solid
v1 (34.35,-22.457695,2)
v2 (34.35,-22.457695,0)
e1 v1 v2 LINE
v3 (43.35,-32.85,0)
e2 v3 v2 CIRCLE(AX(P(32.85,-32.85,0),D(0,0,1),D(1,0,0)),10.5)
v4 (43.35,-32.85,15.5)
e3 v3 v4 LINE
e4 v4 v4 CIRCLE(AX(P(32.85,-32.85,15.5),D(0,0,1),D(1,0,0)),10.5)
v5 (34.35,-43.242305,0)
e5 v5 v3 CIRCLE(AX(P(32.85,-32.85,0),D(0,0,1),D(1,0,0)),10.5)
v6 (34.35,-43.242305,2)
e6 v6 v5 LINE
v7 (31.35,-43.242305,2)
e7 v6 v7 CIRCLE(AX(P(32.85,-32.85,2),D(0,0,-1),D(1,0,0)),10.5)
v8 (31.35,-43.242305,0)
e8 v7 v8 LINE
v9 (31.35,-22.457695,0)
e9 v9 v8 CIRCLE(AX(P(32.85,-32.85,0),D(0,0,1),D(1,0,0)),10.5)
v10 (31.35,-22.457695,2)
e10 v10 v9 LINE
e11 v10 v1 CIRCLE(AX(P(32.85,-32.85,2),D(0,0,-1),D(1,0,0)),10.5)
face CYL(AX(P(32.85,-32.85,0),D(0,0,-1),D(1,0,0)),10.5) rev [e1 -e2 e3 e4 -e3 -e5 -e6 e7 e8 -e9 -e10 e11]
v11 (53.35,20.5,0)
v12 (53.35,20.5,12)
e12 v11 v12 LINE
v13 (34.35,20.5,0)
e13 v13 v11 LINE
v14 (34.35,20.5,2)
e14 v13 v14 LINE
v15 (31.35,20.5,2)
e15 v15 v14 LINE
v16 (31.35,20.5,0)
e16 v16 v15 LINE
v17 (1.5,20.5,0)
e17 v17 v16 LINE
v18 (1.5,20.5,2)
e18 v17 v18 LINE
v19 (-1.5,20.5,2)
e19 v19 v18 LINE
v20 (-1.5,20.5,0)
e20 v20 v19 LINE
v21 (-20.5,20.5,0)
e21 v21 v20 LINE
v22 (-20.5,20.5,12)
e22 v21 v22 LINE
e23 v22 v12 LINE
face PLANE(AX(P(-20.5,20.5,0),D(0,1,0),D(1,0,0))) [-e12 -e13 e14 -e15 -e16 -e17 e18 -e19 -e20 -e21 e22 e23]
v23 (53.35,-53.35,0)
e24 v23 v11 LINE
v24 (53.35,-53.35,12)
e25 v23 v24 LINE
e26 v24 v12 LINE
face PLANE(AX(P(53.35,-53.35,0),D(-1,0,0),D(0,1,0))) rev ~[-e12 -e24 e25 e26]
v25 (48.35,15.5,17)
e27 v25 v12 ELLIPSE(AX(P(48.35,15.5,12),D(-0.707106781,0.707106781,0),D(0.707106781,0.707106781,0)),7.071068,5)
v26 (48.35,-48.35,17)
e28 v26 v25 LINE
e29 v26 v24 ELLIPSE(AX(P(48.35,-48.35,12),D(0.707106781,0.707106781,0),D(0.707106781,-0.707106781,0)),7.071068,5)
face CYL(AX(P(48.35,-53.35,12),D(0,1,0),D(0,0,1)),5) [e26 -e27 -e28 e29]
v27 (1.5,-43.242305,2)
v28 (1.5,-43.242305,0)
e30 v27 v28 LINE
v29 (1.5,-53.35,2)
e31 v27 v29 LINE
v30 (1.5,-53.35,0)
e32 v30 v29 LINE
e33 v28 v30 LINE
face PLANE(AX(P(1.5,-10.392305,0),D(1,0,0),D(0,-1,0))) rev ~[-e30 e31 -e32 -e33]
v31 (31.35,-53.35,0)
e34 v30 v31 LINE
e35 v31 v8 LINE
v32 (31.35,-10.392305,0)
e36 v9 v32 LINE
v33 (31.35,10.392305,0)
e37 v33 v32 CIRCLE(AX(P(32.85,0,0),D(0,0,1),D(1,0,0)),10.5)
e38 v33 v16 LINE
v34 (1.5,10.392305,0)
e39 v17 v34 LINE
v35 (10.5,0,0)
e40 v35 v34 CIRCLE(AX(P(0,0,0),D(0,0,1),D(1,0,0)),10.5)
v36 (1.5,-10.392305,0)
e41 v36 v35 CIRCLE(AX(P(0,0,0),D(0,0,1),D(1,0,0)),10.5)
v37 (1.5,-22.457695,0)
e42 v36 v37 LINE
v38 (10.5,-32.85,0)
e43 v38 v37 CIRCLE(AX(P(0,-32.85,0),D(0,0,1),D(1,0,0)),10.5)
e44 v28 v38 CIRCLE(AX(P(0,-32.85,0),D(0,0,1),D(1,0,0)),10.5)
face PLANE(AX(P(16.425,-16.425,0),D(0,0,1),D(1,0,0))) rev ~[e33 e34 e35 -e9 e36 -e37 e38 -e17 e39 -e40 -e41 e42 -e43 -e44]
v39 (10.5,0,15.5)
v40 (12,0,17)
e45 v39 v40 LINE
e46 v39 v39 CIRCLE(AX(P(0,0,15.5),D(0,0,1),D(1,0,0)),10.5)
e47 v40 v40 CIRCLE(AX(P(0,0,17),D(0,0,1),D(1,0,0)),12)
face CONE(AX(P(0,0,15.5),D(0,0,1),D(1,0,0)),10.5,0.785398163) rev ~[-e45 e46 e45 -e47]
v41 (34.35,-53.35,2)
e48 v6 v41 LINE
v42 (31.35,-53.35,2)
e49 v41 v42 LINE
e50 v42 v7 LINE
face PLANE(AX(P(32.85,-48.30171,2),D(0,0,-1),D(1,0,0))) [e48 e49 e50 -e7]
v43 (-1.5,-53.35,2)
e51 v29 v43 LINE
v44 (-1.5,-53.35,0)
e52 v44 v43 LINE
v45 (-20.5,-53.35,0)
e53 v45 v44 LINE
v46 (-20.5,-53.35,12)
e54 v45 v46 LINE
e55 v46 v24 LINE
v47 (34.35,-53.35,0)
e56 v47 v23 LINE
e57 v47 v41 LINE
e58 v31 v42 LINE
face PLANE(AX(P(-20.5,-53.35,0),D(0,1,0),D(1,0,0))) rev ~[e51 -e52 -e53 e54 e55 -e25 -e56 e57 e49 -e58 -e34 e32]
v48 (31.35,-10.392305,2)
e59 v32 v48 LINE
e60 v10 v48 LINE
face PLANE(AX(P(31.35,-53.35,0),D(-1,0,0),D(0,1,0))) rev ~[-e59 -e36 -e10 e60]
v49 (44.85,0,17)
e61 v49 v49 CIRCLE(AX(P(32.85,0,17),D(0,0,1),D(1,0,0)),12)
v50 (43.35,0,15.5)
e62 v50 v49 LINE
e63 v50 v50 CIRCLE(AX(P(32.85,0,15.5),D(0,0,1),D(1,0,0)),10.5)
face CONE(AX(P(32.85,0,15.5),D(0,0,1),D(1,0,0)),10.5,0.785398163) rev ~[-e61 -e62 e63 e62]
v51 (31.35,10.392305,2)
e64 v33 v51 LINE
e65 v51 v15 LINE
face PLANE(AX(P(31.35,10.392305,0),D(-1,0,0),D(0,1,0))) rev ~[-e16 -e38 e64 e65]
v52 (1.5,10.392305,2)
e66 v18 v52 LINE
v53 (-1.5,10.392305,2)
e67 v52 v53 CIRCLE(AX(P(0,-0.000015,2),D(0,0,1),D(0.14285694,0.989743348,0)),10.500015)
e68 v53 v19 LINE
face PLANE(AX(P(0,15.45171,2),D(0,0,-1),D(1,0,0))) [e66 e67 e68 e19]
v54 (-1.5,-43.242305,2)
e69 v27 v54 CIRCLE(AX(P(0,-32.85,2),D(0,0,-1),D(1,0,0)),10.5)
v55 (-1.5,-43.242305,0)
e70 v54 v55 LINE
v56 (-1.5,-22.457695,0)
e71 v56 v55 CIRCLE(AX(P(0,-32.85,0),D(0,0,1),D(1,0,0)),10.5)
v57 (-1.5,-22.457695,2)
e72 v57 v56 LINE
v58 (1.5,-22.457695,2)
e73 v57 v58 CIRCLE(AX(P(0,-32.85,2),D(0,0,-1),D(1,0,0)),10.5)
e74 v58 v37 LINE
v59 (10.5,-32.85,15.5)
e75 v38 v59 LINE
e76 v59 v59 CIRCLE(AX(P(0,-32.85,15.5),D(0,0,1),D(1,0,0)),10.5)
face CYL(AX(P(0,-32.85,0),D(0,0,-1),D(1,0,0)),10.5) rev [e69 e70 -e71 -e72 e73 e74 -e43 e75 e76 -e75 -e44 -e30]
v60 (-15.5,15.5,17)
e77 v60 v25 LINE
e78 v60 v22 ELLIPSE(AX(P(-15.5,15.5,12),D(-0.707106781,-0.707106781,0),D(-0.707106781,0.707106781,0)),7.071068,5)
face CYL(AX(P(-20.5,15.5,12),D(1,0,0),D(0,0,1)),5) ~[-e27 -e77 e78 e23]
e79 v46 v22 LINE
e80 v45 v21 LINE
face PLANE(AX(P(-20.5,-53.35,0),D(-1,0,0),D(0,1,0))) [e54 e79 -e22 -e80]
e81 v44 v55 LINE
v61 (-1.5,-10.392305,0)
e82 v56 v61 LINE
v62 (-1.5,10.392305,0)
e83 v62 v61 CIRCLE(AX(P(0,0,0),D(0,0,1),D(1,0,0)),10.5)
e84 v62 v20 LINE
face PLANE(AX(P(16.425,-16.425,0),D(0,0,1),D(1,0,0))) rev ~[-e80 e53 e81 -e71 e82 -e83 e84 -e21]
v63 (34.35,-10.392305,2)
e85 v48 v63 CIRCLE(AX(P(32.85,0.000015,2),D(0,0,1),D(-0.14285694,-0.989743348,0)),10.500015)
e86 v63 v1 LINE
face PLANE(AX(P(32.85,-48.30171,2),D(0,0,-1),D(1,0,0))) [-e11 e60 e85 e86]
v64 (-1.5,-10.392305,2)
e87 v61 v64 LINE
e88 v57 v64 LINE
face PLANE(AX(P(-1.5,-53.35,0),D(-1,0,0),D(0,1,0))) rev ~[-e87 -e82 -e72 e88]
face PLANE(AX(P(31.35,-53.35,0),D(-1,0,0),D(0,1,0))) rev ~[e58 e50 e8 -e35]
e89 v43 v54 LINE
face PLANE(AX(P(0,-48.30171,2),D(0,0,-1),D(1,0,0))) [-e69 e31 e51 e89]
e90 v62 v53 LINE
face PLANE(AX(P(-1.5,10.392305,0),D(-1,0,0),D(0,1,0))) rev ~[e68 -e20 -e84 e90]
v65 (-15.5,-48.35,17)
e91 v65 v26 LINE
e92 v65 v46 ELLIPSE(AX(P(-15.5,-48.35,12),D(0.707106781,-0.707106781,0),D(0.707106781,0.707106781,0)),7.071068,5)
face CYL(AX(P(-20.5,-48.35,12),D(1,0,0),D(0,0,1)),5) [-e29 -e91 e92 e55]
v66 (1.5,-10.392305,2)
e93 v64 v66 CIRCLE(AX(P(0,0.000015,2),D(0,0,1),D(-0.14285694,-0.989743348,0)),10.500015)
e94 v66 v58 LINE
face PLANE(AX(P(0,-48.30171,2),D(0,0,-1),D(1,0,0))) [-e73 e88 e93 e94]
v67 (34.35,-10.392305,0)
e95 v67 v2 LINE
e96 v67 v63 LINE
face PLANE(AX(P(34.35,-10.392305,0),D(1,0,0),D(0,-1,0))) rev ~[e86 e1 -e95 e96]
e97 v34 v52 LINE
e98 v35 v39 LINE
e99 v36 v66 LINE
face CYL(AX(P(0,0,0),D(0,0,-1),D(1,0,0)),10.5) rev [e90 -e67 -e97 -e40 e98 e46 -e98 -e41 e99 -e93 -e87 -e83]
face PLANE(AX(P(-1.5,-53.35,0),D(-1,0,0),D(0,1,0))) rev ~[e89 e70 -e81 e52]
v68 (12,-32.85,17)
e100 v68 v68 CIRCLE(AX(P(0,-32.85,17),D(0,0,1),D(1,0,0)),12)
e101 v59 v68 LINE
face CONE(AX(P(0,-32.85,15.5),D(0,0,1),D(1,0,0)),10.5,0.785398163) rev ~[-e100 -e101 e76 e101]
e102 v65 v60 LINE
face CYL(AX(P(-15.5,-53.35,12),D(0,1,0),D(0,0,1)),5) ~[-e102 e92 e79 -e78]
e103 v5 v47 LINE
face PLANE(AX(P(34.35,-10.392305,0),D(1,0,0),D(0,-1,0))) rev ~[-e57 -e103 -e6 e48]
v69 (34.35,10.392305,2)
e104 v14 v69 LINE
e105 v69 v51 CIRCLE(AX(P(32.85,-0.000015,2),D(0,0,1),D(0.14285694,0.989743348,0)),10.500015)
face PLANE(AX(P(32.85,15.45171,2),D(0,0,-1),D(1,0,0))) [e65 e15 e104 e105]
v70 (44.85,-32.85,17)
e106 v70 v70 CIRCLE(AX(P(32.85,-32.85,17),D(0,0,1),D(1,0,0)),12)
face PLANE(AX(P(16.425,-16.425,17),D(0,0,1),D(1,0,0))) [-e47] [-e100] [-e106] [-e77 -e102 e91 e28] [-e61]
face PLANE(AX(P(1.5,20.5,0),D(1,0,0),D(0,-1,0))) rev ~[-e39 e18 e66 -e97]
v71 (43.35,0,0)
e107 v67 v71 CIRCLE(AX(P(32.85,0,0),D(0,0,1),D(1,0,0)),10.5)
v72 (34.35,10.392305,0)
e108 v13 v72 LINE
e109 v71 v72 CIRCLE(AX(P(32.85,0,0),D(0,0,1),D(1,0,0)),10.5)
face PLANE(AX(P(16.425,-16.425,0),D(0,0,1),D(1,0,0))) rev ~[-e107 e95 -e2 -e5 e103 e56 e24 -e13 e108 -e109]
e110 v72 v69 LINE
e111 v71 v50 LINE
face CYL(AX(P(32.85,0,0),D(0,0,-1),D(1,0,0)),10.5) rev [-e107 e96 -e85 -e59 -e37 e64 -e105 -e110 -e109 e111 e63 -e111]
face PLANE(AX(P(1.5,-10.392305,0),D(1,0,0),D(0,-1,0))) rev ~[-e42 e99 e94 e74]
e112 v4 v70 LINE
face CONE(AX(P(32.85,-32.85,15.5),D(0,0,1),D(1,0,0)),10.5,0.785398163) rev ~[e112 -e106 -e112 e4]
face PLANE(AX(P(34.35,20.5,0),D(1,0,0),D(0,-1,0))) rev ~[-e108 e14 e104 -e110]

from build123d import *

# Parameters (mm, degrees)
F0_W     = 73.85
F0_H     = 73.85
F0_R     = 10.5
F1_DEPTH = 17
F2_SIZE  = 1.5
F3_R     = 5
F5_DEPTH = 2


with BuildPart() as f1:
    # F0 (on Top) → F1 (new body)
    with BuildSketch(Plane.XY):
        with Locations((16.425, -16.425)):
            Rectangle(F0_W, F0_H)
        with Locations((0, -32.85)):
            Circle(F0_R, mode=Mode.SUBTRACT)
        with Locations((32.85, -32.85)):
            Circle(F0_R, mode=Mode.SUBTRACT)
        Circle(F0_R, mode=Mode.SUBTRACT)
        with Locations((32.85, 0)):
            Circle(F0_R, mode=Mode.SUBTRACT)
    extrude(amount=F1_DEPTH)

    # F2
    f2_edges = [f1.edges().sort_by_distance(p)[0] for p in [
        (-10.5, 0, 17),
        (22.35, 0, 17),
        (22.35, -32.85, 17),
        (-10.5, -32.85, 17),
    ]]
    chamfer(f2_edges, length=F2_SIZE)

    # F3
    f3_edges = [f1.edges().sort_by_distance(p)[0] for p in [
        (16.425, -53.35, 17),
        (-20.5, -16.425, 17),
        (16.425, 20.5, 17),
        (53.35, -16.425, 17),
    ]]
    fillet(f3_edges, radius=F3_R)

    # F4 (on face) → F5 (cut)
    with BuildSketch(Plane(origin=(0, 0, 0), x_dir=(1, 0, 0), z_dir=(0, 0, -1))):
        with BuildLine():
            Line((-1.5, -10.392305), (-1.5, -20.5))
            Line((-1.5, -20.5), (1.5, -20.5))
            Line((1.5, -20.5), (1.5, -10.392305))
            ThreePointArc((1.5, -10.392305), (0, -10.5), (-1.5, -10.392305))
        make_face()
        with BuildLine():
            Line((1.5, 53.35), (-1.5, 53.35))
            Line((-1.5, 53.35), (-1.5, 43.242305))
            ThreePointArc((-1.5, 43.242305), (0, 43.35), (1.5, 43.242305))
            Line((1.5, 43.242305), (1.5, 53.35))
        make_face()
        with BuildLine():
            ThreePointArc((1.5, 43.242305), (0, 43.35), (-1.5, 43.242305))
            Line((-1.5, 43.242305), (-1.5, 22.457695))
            ThreePointArc((-1.5, 22.457695), (0, 22.35), (1.5, 22.457695))
            Line((1.5, 22.457695), (1.5, 43.242305))
        make_face()
        with BuildLine():
            ThreePointArc((1.5, 22.457695), (0, 22.35), (-1.5, 22.457695))
            Line((-1.5, 22.457695), (-1.5, 10.392305))
            ThreePointArc((-1.5, 10.392305), (0, 10.5), (1.5, 10.392305))
            Line((1.5, 10.392305), (1.5, 22.457695))
        make_face()
        with BuildLine():
            Line((34.35, 53.35), (31.35, 53.35))
            Line((31.35, 53.35), (31.35, 43.242305))
            ThreePointArc((31.35, 43.242305), (32.85, 43.35), (34.35, 43.242305))
            Line((34.35, 43.242305), (34.35, 53.35))
        make_face()
        with BuildLine():
            ThreePointArc((34.35, 22.457695), (32.85, 22.35), (31.35, 22.457695))
            Line((31.35, 22.457695), (31.35, 10.392305))
            ThreePointArc((31.35, 10.392305), (32.85, 10.5), (34.35, 10.392305))
            Line((34.35, 10.392305), (34.35, 22.457695))
        make_face()
        with BuildLine():
            ThreePointArc((34.35, 43.242305), (32.85, 43.35), (31.35, 43.242305))
            Line((31.35, 43.242305), (31.35, 22.457695))
            ThreePointArc((31.35, 22.457695), (32.85, 22.35), (34.35, 22.457695))
            Line((34.35, 22.457695), (34.35, 43.242305))
        make_face()
        with BuildLine():
            Line((31.35, -10.392305), (31.35, -20.5))
            Line((31.35, -20.5), (34.35, -20.5))
            Line((34.35, -20.5), (34.35, -10.392305))
            ThreePointArc((34.35, -10.392305), (32.85, -10.5), (31.35, -10.392305))
        make_face()
    extrude(amount=-F5_DEPTH, mode=Mode.SUBTRACT)


solid = f1.part
